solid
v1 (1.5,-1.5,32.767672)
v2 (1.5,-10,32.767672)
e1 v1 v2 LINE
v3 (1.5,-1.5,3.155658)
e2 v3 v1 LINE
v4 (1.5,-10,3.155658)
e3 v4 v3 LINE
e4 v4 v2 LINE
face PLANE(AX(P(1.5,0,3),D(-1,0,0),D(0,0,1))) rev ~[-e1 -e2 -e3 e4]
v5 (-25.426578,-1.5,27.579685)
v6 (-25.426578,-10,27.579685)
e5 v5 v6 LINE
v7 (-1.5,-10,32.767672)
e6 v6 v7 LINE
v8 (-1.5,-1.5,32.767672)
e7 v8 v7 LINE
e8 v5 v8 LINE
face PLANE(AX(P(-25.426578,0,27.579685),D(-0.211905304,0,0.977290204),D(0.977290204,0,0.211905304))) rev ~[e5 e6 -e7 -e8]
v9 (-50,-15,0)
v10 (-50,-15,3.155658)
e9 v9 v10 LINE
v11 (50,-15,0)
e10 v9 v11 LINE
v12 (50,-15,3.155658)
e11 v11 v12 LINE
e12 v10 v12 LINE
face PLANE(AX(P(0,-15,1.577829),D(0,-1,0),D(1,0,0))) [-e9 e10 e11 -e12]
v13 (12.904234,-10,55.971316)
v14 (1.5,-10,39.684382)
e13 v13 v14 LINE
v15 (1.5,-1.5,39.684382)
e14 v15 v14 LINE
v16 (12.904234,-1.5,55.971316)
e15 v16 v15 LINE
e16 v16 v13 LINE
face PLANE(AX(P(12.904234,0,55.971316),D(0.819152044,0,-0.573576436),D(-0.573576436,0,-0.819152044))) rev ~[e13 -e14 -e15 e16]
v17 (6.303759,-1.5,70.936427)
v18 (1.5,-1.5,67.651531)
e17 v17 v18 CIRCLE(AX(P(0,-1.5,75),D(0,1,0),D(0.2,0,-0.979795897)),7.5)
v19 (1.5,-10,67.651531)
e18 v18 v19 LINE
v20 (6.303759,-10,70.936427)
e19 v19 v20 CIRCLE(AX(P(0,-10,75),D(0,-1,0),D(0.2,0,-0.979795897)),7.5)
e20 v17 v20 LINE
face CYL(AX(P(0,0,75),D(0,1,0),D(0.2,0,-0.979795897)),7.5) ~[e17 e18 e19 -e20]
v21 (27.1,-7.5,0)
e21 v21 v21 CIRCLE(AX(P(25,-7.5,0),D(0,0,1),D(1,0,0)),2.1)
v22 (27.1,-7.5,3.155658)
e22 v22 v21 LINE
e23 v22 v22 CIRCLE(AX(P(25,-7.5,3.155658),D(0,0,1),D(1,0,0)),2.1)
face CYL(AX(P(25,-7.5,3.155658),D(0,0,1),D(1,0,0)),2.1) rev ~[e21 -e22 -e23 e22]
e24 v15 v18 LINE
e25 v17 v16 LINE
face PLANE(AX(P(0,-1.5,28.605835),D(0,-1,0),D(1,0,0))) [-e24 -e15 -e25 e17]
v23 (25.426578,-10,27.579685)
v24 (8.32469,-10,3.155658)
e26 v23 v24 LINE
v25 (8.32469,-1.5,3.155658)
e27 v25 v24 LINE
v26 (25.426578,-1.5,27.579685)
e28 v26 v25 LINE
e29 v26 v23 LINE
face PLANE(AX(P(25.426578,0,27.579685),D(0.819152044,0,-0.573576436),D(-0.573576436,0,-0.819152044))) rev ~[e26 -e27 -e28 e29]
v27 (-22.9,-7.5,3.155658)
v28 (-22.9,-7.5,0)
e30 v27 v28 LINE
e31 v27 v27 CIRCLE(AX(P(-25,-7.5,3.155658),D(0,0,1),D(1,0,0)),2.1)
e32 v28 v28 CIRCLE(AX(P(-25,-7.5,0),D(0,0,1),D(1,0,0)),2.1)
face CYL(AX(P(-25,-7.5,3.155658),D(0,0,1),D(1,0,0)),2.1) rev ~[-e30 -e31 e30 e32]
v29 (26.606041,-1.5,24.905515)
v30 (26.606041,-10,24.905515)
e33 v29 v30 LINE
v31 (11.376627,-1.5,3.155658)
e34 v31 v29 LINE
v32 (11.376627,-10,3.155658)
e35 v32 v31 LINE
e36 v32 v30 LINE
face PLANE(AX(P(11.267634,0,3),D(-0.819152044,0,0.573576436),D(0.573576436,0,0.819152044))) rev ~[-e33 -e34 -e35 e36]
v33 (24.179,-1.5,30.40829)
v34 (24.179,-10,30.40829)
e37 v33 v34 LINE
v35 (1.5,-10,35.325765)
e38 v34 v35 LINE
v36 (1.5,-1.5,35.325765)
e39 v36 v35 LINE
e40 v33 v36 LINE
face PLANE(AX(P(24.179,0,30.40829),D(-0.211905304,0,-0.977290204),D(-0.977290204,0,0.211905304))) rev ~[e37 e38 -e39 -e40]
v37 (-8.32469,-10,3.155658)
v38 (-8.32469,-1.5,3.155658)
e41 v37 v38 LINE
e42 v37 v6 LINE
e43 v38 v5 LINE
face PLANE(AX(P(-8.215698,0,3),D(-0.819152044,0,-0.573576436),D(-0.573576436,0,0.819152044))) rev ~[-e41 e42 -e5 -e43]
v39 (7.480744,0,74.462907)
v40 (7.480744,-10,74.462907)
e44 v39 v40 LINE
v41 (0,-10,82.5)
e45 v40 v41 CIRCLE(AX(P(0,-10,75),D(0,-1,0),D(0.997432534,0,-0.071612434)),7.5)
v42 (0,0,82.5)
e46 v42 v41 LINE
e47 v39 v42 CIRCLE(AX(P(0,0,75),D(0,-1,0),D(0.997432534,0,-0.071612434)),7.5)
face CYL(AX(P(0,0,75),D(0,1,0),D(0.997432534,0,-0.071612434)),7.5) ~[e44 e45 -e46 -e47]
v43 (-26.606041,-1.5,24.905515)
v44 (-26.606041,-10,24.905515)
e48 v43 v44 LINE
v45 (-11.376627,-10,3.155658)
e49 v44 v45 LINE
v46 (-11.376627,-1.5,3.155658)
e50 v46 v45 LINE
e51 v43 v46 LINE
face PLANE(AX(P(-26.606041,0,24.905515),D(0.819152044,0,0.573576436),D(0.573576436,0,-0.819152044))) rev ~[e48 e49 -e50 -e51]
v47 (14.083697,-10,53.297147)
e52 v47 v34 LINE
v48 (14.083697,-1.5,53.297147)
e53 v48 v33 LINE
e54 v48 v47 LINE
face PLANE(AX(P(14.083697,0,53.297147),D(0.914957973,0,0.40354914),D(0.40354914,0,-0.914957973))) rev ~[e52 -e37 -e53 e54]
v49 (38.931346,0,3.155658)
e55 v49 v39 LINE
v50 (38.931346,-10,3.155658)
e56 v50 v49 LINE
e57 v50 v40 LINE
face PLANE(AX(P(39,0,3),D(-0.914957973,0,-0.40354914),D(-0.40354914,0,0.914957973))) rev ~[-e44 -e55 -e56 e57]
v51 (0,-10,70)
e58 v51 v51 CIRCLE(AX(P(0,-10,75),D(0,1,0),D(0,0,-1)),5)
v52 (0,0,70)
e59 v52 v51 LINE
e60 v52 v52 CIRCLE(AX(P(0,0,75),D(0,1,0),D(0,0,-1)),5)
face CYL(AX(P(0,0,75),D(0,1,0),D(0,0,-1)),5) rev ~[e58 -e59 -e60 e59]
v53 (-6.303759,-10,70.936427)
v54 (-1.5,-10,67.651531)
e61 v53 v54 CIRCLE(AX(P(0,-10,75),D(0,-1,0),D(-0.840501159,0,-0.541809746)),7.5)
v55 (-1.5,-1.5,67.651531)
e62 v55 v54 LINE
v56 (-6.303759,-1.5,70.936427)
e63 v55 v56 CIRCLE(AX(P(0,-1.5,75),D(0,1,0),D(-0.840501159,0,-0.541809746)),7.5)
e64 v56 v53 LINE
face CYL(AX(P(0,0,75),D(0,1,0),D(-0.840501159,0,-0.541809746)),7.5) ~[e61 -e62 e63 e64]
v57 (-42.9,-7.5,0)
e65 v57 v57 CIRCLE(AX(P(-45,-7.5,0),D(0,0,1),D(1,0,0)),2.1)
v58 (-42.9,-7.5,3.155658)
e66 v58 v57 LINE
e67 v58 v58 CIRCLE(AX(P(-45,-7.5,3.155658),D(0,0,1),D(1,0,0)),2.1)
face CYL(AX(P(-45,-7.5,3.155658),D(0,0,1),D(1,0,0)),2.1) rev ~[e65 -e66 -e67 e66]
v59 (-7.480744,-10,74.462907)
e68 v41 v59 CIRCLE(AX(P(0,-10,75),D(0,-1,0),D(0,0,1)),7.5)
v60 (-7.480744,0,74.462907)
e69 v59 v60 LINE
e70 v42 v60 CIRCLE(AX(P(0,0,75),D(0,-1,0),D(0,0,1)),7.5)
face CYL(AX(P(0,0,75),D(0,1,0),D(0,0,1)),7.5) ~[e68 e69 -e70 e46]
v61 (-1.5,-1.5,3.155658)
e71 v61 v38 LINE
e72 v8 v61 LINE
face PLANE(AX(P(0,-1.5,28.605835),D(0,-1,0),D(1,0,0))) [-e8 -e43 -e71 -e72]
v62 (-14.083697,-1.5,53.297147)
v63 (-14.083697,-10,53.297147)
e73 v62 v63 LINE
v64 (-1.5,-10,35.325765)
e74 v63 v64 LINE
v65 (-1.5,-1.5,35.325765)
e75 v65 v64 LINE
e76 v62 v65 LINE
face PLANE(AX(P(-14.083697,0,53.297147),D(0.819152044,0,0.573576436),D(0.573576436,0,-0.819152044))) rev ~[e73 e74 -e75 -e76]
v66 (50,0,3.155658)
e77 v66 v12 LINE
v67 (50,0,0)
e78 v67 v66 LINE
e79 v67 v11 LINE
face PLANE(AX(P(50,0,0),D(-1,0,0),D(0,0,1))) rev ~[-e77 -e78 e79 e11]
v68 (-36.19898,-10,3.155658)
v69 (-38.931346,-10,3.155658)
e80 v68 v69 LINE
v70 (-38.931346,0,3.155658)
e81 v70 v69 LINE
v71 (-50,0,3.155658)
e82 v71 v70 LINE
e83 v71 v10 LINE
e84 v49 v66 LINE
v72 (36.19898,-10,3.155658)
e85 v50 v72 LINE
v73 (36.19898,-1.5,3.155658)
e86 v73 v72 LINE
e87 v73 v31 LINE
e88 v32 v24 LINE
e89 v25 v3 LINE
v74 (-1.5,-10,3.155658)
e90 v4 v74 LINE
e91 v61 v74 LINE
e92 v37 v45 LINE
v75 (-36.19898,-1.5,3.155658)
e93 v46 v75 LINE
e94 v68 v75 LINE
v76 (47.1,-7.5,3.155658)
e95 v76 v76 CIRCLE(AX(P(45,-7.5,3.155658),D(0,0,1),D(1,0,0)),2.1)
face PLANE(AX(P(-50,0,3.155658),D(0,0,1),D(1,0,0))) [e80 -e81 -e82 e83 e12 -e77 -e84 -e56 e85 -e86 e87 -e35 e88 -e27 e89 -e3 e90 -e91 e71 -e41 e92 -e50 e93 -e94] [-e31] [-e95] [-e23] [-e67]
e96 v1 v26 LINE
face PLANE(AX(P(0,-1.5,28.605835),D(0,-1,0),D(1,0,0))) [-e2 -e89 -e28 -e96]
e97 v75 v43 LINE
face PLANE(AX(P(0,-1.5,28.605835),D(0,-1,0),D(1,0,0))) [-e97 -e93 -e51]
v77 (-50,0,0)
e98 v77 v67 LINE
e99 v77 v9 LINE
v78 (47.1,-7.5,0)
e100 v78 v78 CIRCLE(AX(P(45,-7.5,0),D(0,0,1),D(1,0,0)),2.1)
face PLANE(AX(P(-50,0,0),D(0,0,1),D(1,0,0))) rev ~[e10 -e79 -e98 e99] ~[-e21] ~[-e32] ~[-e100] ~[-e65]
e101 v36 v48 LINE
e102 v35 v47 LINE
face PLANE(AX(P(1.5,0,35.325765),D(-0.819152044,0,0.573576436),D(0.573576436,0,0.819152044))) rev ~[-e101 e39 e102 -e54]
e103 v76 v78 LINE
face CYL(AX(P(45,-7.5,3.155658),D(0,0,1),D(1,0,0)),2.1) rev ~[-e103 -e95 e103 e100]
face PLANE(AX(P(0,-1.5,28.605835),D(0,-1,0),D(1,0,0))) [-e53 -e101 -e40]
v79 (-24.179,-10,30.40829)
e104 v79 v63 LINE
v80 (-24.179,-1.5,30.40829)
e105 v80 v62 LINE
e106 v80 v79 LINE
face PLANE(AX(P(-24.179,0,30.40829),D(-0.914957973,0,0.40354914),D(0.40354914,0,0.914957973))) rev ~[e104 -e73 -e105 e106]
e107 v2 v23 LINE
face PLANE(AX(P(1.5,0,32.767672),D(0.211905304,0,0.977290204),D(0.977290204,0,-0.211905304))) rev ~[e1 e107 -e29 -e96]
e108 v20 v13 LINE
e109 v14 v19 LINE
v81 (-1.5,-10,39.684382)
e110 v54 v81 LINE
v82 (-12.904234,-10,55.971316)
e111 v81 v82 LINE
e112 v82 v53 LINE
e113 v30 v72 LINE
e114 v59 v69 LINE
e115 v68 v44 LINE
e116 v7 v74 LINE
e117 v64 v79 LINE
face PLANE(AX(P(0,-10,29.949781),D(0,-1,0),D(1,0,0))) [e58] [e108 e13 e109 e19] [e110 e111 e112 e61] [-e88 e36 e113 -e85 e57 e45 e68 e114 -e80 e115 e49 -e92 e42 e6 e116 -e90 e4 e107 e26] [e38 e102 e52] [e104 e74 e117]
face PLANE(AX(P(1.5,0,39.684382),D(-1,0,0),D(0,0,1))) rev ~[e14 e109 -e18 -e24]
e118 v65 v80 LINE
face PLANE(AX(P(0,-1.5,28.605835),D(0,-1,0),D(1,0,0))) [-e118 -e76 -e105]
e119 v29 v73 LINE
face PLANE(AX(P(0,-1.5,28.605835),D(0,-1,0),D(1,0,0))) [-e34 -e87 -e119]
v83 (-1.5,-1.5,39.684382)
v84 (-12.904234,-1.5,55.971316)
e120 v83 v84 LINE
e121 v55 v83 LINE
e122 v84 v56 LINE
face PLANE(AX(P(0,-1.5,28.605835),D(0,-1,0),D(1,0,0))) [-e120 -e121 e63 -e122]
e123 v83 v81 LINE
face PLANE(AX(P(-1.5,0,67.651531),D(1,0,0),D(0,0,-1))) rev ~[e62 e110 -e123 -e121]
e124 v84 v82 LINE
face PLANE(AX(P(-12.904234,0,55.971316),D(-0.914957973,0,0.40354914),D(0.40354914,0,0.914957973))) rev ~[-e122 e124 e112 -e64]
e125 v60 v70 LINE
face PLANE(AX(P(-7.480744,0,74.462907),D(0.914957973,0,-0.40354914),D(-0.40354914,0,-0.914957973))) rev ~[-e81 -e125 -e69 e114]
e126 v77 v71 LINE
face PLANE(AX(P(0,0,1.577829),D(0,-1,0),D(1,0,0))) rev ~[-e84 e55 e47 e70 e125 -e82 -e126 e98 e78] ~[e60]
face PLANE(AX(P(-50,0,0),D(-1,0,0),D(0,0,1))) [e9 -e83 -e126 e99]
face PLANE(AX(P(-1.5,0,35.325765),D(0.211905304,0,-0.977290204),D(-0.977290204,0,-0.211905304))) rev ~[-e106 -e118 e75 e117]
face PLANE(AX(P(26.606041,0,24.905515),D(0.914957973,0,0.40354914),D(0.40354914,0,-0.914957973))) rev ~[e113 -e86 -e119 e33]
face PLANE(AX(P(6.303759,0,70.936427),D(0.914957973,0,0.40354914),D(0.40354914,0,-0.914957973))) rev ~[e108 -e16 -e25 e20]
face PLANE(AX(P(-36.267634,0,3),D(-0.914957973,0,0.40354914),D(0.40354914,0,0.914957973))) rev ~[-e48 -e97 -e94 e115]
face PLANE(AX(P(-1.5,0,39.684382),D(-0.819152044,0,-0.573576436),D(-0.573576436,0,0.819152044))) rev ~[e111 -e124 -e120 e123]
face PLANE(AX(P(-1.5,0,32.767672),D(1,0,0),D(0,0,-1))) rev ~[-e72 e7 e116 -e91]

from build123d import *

# Parameters (mm, degrees)
F1_DEPTH = 10
F3_START = -8.5
F3_DEPTH = 1.5
F4_W     = 100
F4_H     = 3.1556577078
F5_DEPTH = 15
F6_R     = 2.1
F7_DEPTH = 3.1556577078


with BuildPart() as f1:
    # F0 (on Front) → F1 (new body)
    with BuildSketch(Plane.XZ):
        with BuildLine():
            Line((-40, 0), (0, 0))
            Line((0, 0), (40, 0))
            Line((40, 0), (39, 3))
            Line((39, 3), (7.4807440028, 74.4629067455))
            ThreePointArc((7.4807440028, 74.4629067455), (5.4899088977, 80.1098826107), (0, 82.5))
            ThreePointArc((0, 82.5), (-5.4899088977, 80.1098826107), (-7.4807440028, 74.4629067455))
            Line((-7.4807440028, 74.4629067455), (-39, 3))
            Line((-39, 3), (-40, 0))
        make_face()
        Polygon((-36.2676340608, 3), (-26.6060408243, 24.9055150458), (-11.2676340608, 3), align=None, mode=Mode.SUBTRACT)
        Polygon((-8.2156975889, 3), (-25.4265780732, 27.5796846579), (-1.5, 32.7676715966), (-1.5, 3), align=None, mode=Mode.SUBTRACT)
        Polygon((8.2156975889, 3), (1.5, 3), (1.5, 32.7676715966), (25.4265780732, 27.5796846579), align=None, mode=Mode.SUBTRACT)
        Polygon((26.6060408243, 24.9055150458), (36.2676340608, 3), (11.2676340608, 3), align=None, mode=Mode.SUBTRACT)
        Polygon((-14.0836967229, 53.2971467781), (-1.5, 35.3257653858), (-24.1790002431, 30.4082900711), align=None, mode=Mode.SUBTRACT)
        with BuildLine():
            Line((-1.5, 39.6843823749), (-12.9042339719, 55.9713163903))
            Line((-12.9042339719, 55.9713163903), (-6.3037586943, 70.9364269018))
            ThreePointArc((-6.3037586943, 70.9364269018), (-4.2334735249, 68.8090629212), (-1.5, 67.6515307717))
            Line((-1.5, 67.6515307717), (-1.5, 39.6843823749))
        make_face(mode=Mode.SUBTRACT)
        Polygon((1.5, 35.3257653858), (14.0836967229, 53.2971467781), (24.1790002431, 30.4082900711), align=None, mode=Mode.SUBTRACT)
        with BuildLine():
            Line((1.5, 39.6843823749), (1.5, 67.6515307717))
            ThreePointArc((1.5, 67.6515307717), (4.2334735249, 68.8090629212), (6.3037586943, 70.9364269018))
            Line((6.3037586943, 70.9364269018), (12.9042339719, 55.9713163903))
            Line((12.9042339719, 55.9713163903), (1.5, 39.6843823749))
        make_face(mode=Mode.SUBTRACT)
        with BuildLine():
            ThreePointArc((0, 80), (5, 75), (0, 70))
            ThreePointArc((0, 70), (-5, 75), (0, 80))
        make_face(mode=Mode.SUBTRACT)
    extrude(amount=F1_DEPTH)

    # F2 (on face) → F3 (join)
    with BuildSketch(Plane.XZ.offset(10).offset(F3_START)):
        Polygon((-1.5, 67.6515307717), (-7.4807440028, 74.4629067455), (-40, 0), (40, 0), (7.4807440028, 74.4629067455), (1.5, 67.6515307717), align=None)
    extrude(amount=-F3_DEPTH)

    # F4 (on Front) → F5 (join)
    with BuildSketch(Plane.XZ):
        with Locations((0, 1.5778288539)):
            Rectangle(F4_W, F4_H)
    extrude(amount=F5_DEPTH)

    # F6 (on face) → F7 (cut, through all)
    with BuildSketch(Plane.XY.offset(3.1556577078)):
        with Locations((-45, -7.5)):
            Circle(F6_R)
        with Locations((45, -7.5)):
            Circle(F6_R)
        with Locations((-25, -7.5)):
            Circle(F6_R)
        with Locations((25, -7.5)):
            Circle(F6_R)
    extrude(amount=-F7_DEPTH, mode=Mode.SUBTRACT)


solid = f1.part
